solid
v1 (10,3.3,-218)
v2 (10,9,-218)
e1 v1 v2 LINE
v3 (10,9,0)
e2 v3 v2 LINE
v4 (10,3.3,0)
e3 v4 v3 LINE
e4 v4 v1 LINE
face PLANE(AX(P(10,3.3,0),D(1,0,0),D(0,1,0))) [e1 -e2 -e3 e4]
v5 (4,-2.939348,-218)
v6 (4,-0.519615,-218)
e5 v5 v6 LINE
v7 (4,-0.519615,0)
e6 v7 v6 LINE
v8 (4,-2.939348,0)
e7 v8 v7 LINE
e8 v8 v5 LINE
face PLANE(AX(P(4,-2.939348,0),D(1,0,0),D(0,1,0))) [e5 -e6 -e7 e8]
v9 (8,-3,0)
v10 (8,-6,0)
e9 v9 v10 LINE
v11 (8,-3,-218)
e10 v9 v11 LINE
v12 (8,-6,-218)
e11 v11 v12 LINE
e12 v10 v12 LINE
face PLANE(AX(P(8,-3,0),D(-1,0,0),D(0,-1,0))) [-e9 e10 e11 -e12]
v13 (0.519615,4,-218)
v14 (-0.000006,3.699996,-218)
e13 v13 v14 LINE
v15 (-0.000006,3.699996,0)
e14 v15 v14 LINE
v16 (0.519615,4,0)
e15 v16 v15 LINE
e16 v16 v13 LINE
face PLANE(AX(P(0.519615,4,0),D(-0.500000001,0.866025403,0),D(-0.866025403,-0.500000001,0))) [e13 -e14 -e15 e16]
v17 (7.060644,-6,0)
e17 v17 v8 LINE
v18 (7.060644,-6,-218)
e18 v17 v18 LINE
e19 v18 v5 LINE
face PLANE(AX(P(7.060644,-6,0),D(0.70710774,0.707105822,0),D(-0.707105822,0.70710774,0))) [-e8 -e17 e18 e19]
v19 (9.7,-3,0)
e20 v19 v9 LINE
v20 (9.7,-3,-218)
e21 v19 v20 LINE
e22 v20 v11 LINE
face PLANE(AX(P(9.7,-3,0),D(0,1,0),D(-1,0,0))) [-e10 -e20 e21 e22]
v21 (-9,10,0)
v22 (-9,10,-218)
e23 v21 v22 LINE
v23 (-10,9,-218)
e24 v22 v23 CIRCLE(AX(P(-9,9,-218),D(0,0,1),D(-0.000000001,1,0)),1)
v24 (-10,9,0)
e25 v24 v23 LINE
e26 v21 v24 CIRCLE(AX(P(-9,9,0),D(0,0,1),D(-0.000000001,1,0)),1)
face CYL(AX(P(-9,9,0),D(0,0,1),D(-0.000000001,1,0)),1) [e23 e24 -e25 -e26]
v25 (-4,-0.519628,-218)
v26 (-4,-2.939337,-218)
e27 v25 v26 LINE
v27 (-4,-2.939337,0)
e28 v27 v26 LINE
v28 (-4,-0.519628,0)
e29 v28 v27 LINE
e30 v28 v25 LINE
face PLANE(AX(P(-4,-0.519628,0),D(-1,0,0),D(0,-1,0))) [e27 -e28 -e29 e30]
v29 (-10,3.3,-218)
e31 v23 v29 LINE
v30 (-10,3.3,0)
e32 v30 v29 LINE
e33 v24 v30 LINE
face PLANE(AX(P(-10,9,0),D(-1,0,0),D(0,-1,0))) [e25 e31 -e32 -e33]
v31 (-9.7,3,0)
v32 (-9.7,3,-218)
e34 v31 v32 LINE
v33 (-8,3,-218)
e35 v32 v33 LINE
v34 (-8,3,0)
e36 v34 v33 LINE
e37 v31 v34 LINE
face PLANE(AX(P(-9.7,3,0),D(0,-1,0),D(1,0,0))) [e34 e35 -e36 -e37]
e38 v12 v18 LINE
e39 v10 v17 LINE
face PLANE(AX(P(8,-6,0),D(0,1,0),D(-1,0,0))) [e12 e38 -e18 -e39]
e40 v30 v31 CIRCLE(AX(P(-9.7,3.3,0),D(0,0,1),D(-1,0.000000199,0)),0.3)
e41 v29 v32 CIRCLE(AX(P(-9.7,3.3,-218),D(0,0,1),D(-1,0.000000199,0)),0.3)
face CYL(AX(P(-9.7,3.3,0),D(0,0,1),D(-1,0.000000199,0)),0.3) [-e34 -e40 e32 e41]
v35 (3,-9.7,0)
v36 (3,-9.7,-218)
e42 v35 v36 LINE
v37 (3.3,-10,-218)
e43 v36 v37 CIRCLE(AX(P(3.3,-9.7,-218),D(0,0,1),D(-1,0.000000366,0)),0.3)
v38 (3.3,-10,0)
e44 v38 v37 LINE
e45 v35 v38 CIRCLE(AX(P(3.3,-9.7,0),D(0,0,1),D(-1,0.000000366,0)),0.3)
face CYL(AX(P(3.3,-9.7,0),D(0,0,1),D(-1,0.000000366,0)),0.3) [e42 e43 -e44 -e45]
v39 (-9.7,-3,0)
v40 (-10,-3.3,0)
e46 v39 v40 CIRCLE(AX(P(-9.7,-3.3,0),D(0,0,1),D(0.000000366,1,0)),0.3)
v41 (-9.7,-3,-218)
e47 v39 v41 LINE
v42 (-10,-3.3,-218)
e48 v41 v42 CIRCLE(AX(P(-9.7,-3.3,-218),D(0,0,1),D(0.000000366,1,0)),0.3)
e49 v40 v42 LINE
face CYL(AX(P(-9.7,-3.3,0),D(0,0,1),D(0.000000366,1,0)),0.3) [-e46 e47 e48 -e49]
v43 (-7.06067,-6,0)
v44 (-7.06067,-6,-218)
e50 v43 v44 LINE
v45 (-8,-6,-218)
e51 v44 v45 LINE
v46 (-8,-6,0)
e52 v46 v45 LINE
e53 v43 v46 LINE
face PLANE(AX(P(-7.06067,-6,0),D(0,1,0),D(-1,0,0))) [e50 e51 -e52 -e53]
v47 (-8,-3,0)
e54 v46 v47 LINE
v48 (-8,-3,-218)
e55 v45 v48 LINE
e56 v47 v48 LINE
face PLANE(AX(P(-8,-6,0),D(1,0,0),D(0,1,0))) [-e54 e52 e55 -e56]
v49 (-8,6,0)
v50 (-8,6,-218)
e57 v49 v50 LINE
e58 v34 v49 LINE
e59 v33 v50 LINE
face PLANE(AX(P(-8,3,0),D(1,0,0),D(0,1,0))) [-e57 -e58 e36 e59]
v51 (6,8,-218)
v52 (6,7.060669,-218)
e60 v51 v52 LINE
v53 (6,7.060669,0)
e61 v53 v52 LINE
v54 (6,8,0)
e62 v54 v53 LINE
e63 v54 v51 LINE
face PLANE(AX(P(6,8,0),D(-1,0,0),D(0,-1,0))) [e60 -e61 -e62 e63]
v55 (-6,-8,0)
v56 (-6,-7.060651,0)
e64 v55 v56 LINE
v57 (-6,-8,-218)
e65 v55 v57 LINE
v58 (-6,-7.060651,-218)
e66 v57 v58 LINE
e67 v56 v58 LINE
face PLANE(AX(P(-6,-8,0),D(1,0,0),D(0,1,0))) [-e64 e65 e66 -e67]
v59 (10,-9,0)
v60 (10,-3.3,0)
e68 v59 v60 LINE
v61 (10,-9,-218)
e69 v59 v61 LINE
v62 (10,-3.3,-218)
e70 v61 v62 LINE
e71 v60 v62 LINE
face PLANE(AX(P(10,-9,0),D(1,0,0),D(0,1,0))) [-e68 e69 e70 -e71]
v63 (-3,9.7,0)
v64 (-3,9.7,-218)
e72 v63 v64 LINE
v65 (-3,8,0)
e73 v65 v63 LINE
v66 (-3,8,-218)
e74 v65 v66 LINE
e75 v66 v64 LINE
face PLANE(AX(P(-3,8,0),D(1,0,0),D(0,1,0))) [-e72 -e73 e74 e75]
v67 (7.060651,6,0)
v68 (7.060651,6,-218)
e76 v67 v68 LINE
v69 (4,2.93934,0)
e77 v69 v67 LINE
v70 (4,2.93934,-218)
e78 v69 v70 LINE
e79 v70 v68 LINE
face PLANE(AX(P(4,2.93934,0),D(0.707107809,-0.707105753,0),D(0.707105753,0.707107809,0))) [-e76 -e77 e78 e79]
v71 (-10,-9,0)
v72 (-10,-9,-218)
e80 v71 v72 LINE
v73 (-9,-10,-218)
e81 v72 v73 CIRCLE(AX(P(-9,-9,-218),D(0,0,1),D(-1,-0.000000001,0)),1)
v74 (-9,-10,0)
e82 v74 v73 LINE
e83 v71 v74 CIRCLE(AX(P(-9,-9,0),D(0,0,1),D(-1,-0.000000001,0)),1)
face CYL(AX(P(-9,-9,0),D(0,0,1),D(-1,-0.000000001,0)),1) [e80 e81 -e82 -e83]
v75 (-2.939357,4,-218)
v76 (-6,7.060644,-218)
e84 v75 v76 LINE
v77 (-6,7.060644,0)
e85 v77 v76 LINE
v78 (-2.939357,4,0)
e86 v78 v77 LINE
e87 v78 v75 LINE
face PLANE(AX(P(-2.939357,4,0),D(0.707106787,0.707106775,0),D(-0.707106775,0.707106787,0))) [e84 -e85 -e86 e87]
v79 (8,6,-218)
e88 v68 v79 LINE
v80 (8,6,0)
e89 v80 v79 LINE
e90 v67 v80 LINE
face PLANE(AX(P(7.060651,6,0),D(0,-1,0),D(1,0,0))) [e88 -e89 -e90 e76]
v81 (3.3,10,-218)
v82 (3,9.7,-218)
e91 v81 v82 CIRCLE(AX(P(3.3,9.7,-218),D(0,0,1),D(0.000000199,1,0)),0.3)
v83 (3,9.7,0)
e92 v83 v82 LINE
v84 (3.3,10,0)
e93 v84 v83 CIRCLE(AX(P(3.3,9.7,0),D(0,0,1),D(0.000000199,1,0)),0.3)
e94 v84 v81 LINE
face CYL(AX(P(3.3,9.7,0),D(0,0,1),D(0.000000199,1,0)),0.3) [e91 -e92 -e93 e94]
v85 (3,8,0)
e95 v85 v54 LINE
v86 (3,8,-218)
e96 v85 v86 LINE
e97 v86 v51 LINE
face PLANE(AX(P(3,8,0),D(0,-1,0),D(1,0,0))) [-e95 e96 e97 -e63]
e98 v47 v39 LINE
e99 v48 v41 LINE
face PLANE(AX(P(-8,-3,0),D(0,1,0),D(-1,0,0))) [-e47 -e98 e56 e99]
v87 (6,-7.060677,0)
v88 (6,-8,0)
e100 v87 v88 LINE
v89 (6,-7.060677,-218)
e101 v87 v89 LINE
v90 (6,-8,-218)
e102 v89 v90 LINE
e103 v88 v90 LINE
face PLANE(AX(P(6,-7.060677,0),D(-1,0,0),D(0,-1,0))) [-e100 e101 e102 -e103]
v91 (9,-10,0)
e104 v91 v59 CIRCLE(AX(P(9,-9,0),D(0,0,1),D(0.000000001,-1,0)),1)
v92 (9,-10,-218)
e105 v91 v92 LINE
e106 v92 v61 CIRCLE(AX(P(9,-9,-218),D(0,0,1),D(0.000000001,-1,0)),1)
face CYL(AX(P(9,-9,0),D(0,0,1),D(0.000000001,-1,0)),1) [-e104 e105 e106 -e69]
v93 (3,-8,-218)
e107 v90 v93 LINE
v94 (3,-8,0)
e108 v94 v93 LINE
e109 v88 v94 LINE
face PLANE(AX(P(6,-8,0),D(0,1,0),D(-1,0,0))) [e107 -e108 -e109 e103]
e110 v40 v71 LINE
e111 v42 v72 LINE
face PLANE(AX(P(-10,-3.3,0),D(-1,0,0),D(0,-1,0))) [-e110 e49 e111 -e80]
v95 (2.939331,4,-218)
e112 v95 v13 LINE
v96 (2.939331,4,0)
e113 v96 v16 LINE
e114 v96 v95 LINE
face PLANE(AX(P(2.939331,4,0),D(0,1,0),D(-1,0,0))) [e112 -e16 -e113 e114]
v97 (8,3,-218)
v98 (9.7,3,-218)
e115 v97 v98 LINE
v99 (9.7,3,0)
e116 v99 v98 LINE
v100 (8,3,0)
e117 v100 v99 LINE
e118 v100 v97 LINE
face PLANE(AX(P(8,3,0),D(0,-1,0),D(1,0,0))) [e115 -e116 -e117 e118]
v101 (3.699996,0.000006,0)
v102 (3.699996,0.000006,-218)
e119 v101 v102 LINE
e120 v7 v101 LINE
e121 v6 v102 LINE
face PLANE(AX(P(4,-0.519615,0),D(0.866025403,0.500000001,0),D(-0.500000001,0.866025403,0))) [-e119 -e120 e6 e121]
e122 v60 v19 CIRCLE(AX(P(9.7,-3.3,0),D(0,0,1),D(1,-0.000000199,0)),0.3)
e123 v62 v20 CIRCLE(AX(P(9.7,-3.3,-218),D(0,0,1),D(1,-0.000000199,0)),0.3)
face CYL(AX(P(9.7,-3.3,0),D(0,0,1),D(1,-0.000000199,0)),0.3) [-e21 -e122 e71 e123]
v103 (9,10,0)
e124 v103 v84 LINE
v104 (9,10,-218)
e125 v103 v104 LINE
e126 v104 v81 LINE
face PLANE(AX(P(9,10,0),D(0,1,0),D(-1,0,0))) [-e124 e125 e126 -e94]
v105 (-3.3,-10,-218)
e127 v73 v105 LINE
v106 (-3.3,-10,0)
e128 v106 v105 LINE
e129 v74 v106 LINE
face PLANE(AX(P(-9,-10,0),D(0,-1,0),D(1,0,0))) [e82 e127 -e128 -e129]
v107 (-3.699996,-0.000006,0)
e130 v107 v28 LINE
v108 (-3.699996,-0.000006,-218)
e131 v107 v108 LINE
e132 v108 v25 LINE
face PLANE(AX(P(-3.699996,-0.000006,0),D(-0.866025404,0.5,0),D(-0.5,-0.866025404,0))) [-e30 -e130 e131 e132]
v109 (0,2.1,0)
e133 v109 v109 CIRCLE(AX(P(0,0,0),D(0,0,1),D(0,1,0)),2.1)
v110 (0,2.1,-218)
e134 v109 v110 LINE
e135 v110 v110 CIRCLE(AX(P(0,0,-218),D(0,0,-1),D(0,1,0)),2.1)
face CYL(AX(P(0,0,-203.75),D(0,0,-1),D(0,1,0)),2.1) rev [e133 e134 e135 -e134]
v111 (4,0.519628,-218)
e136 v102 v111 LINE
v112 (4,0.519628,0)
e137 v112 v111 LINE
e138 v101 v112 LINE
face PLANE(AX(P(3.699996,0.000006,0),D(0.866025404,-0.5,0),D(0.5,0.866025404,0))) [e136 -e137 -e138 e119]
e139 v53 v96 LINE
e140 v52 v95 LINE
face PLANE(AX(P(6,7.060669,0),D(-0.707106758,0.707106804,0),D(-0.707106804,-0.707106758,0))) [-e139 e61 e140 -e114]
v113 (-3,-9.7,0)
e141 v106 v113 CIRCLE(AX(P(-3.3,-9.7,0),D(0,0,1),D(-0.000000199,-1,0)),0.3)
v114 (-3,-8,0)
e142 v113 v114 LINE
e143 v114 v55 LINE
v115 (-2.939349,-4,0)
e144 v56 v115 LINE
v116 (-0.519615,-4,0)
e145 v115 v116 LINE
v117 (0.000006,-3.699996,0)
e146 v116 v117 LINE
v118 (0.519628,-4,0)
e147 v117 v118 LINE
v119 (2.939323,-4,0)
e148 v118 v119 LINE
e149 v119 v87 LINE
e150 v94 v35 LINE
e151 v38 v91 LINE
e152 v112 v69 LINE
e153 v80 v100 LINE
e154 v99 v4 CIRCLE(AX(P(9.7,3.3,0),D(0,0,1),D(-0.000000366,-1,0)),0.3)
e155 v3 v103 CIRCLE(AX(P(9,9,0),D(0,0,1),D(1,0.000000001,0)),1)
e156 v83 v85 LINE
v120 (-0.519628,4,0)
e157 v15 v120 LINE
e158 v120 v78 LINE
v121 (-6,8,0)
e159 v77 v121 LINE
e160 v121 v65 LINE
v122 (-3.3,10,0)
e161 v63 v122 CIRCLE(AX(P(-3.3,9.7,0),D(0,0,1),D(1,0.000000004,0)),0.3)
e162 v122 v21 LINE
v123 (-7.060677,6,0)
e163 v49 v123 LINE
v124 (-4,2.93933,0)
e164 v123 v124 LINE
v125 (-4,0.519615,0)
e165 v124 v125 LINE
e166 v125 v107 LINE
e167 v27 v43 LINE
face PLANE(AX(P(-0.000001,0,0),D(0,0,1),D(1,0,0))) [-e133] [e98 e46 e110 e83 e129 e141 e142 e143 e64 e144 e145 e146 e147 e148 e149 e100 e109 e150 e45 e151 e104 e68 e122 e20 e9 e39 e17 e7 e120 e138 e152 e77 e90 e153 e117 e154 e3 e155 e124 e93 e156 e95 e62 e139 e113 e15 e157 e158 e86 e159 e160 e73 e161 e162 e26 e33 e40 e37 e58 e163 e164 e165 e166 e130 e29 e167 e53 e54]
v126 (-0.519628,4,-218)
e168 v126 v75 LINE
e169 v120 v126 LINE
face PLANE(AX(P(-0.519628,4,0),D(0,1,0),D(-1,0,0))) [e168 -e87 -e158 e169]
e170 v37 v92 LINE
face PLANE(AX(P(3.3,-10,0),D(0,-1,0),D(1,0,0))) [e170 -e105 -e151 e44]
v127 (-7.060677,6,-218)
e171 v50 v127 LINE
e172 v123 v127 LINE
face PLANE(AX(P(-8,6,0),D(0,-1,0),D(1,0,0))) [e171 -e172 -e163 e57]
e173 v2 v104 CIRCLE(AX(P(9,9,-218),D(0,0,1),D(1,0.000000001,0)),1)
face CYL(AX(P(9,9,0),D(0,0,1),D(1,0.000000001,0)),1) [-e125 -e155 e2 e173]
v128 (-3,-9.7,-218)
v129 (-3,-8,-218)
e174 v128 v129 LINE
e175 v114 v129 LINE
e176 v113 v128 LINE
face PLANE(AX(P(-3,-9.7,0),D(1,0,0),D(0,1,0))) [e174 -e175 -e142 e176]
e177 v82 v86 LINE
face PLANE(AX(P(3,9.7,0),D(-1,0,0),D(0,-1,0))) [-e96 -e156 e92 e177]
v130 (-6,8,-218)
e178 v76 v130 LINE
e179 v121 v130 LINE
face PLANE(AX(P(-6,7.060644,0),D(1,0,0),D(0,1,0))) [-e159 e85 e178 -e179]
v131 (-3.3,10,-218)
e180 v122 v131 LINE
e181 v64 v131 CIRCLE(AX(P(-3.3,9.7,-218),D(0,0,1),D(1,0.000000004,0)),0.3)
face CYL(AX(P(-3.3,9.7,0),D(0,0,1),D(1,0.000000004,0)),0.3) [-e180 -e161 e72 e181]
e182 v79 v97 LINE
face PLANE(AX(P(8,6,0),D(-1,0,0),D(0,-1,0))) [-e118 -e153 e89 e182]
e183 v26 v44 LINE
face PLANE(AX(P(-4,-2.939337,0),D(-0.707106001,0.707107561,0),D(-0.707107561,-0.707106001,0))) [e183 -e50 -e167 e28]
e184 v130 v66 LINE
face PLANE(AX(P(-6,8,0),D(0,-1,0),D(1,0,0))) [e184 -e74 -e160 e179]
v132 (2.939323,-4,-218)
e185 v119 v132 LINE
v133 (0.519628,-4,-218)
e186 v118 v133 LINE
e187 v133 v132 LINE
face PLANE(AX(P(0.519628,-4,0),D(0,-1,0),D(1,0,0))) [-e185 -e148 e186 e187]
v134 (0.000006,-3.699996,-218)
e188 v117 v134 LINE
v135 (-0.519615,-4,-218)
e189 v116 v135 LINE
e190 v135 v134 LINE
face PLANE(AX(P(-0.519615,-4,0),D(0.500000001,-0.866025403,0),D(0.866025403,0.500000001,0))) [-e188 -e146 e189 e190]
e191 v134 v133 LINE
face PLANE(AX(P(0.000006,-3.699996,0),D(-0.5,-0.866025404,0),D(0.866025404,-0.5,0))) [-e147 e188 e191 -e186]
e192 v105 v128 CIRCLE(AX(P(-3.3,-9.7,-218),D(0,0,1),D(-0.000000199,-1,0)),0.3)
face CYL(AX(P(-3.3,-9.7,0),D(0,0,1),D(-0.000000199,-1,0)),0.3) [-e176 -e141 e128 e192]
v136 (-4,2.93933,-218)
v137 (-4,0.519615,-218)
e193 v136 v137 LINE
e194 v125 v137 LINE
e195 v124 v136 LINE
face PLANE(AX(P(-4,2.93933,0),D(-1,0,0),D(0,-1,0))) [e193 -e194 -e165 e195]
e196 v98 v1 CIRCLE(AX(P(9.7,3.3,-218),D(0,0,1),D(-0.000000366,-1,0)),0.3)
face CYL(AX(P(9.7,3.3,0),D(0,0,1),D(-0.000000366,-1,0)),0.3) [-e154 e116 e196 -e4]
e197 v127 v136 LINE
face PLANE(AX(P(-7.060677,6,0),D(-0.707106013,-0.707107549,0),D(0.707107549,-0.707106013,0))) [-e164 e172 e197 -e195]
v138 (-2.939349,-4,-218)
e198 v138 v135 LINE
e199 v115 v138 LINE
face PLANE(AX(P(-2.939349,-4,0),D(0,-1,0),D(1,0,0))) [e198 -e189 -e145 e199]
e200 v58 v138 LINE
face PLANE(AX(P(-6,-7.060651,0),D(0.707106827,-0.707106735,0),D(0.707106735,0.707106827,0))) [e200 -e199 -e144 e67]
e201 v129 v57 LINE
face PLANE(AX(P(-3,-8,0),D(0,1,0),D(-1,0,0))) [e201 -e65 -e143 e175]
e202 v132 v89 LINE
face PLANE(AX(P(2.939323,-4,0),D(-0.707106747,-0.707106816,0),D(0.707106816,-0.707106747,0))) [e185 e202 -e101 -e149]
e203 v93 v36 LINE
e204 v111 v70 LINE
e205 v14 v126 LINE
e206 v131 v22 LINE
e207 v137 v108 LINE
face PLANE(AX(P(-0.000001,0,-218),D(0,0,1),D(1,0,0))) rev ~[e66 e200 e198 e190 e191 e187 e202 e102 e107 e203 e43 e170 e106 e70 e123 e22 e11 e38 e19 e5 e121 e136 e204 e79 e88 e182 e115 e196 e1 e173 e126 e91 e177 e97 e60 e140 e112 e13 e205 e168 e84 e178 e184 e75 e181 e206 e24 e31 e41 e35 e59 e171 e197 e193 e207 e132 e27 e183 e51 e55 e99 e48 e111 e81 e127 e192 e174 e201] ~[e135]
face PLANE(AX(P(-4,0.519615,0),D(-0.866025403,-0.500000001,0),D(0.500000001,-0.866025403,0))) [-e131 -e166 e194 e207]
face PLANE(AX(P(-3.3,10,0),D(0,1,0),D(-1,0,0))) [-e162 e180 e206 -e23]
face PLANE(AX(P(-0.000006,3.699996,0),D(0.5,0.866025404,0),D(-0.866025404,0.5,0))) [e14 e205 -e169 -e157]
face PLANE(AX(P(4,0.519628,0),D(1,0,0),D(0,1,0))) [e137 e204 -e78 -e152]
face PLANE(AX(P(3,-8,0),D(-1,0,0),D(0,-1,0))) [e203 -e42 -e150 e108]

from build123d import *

# Parameters (mm, degrees)
BOSS_EXTRUDE1_DEPTH = 218
SKETCH2_W           = 407.5
SKETCH2_H           = 2.1


with BuildPart() as part:
    # Sketch1 → Boss-Extrude1 (new body)
    with BuildSketch(Plane.XY):
        with BuildLine():
            Line((-10, 9), (-10, 3.29999995))
            ThreePointArc((-10, 3.29999995), (-9.912132049, 3.087867916), (-9.7, 3))
            Line((-9.7, 3), (-8, 3))
            Line((-8, 3), (-8, 6))
            Line((-8, 6), (-7.060677, 6))
            Line((-7.060677, 6), (-4, 2.93932965))
            Line((-4, 2.93932965), (-4, 0.519615242))
            Line((-4, 0.519615242), (-3.699996283, -6.437e-06))
            Line((-3.699996283, -6.437e-06), (-4, -0.519628117))
            Line((-4, -0.519628117), (-4, -2.93933725))
            Line((-4, -2.93933725), (-7.0606695, -6))
            Line((-7.0606695, -6), (-8, -6))
            Line((-8, -6), (-8, -3))
            Line((-8, -3), (-9.7, -3))
            ThreePointArc((-9.7, -3), (-9.912132049, -3.087867916), (-10, -3.29999995))
            Line((-10, -3.29999995), (-10, -9))
            ThreePointArc((-10, -9), (-9.707106781, -9.707106781), (-9, -10))
            Line((-9, -10), (-3.29999995, -10))
            ThreePointArc((-3.29999995, -10), (-3.087867916, -9.912132049), (-3, -9.7))
            Line((-3, -9.7), (-3, -8))
            Line((-3, -8), (-6, -8))
            Line((-6, -8), (-6, -7.0606515))
            Line((-6, -7.0606515), (-2.9393489, -4))
            Line((-2.9393489, -4), (-0.519615242, -4))
            Line((-0.519615242, -4), (6.437e-06, -3.699996283))
            Line((6.437e-06, -3.699996283), (0.519628117, -4))
            Line((0.519628117, -4), (2.9393227, -4))
            Line((2.9393227, -4), (6, -7.060677))
            Line((6, -7.060677), (6, -8))
            Line((6, -8), (3, -8))
            Line((3, -8), (3, -9.7))
            ThreePointArc((3, -9.7), (3.087867916, -9.912132049), (3.29999995, -10))
            Line((3.29999995, -10), (9, -10))
            ThreePointArc((9, -10), (9.707106781, -9.707106781), (10, -9))
            Line((10, -9), (10, -3.29999995))
            ThreePointArc((10, -3.29999995), (9.912132049, -3.087867916), (9.7, -3))
            Line((9.7, -3), (8, -3))
            Line((8, -3), (8, -6))
            Line((8, -6), (7.0606435, -6))
            Line((7.0606435, -6), (4, -2.9393482))
            Line((4, -2.9393482), (4, -0.519615242))
            Line((4, -0.519615242), (3.699996283, 6.437e-06))
            Line((3.699996283, 6.437e-06), (4, 0.519628117))
            Line((4, 0.519628117), (4, 2.9393401))
            Line((4, 2.9393401), (7.060651, 6))
            Line((7.060651, 6), (8, 6))
            Line((8, 6), (8, 3))
            Line((8, 3), (9.7, 3))
            ThreePointArc((9.7, 3), (9.912132049, 3.087867916), (10, 3.29999995))
            Line((10, 3.29999995), (10, 9))
            ThreePointArc((10, 9), (9.707106781, 9.707106781), (9, 10))
            Line((9, 10), (3.29999995, 10))
            ThreePointArc((3.29999995, 10), (3.087867916, 9.912132049), (3, 9.7))
            Line((3, 9.7), (3, 8))
            Line((3, 8), (6, 8))
            Line((6, 8), (6, 7.060669))
            Line((6, 7.060669), (2.9393308, 4))
            Line((2.9393308, 4), (0.519615242, 4))
            Line((0.519615242, 4), (-6.437e-06, 3.699996283))
            Line((-6.437e-06, 3.699996283), (-0.519628117, 4))
            Line((-0.519628117, 4), (-2.93935655, 4))
            Line((-2.93935655, 4), (-6, 7.0606435))
            Line((-6, 7.0606435), (-6, 8))
            Line((-6, 8), (-3, 8))
            Line((-3, 8), (-3, 9.7))
            ThreePointArc((-3, 9.7), (-3.087867966, 9.912132034), (-3.3, 10))
            Line((-3.3, 10), (-9, 10))
            ThreePointArc((-9, 10), (-9.707106781, 9.707106781), (-10, 9))
        make_face()
    extrude(amount=-BOSS_EXTRUDE1_DEPTH)

    # Sketch2 → Cut-Revolve1 (revolve, cut)
    with BuildSketch(Plane(origin=(0, 0, 0), x_dir=(0, 0, -1), z_dir=(1, 0, 0))):
        with Locations((203.75, 1.05)):
            Rectangle(SKETCH2_W, SKETCH2_H)
    revolve(axis=Axis((0, 0, -407.5), (0, 0, 1)), mode=Mode.SUBTRACT)


solid = part.part
